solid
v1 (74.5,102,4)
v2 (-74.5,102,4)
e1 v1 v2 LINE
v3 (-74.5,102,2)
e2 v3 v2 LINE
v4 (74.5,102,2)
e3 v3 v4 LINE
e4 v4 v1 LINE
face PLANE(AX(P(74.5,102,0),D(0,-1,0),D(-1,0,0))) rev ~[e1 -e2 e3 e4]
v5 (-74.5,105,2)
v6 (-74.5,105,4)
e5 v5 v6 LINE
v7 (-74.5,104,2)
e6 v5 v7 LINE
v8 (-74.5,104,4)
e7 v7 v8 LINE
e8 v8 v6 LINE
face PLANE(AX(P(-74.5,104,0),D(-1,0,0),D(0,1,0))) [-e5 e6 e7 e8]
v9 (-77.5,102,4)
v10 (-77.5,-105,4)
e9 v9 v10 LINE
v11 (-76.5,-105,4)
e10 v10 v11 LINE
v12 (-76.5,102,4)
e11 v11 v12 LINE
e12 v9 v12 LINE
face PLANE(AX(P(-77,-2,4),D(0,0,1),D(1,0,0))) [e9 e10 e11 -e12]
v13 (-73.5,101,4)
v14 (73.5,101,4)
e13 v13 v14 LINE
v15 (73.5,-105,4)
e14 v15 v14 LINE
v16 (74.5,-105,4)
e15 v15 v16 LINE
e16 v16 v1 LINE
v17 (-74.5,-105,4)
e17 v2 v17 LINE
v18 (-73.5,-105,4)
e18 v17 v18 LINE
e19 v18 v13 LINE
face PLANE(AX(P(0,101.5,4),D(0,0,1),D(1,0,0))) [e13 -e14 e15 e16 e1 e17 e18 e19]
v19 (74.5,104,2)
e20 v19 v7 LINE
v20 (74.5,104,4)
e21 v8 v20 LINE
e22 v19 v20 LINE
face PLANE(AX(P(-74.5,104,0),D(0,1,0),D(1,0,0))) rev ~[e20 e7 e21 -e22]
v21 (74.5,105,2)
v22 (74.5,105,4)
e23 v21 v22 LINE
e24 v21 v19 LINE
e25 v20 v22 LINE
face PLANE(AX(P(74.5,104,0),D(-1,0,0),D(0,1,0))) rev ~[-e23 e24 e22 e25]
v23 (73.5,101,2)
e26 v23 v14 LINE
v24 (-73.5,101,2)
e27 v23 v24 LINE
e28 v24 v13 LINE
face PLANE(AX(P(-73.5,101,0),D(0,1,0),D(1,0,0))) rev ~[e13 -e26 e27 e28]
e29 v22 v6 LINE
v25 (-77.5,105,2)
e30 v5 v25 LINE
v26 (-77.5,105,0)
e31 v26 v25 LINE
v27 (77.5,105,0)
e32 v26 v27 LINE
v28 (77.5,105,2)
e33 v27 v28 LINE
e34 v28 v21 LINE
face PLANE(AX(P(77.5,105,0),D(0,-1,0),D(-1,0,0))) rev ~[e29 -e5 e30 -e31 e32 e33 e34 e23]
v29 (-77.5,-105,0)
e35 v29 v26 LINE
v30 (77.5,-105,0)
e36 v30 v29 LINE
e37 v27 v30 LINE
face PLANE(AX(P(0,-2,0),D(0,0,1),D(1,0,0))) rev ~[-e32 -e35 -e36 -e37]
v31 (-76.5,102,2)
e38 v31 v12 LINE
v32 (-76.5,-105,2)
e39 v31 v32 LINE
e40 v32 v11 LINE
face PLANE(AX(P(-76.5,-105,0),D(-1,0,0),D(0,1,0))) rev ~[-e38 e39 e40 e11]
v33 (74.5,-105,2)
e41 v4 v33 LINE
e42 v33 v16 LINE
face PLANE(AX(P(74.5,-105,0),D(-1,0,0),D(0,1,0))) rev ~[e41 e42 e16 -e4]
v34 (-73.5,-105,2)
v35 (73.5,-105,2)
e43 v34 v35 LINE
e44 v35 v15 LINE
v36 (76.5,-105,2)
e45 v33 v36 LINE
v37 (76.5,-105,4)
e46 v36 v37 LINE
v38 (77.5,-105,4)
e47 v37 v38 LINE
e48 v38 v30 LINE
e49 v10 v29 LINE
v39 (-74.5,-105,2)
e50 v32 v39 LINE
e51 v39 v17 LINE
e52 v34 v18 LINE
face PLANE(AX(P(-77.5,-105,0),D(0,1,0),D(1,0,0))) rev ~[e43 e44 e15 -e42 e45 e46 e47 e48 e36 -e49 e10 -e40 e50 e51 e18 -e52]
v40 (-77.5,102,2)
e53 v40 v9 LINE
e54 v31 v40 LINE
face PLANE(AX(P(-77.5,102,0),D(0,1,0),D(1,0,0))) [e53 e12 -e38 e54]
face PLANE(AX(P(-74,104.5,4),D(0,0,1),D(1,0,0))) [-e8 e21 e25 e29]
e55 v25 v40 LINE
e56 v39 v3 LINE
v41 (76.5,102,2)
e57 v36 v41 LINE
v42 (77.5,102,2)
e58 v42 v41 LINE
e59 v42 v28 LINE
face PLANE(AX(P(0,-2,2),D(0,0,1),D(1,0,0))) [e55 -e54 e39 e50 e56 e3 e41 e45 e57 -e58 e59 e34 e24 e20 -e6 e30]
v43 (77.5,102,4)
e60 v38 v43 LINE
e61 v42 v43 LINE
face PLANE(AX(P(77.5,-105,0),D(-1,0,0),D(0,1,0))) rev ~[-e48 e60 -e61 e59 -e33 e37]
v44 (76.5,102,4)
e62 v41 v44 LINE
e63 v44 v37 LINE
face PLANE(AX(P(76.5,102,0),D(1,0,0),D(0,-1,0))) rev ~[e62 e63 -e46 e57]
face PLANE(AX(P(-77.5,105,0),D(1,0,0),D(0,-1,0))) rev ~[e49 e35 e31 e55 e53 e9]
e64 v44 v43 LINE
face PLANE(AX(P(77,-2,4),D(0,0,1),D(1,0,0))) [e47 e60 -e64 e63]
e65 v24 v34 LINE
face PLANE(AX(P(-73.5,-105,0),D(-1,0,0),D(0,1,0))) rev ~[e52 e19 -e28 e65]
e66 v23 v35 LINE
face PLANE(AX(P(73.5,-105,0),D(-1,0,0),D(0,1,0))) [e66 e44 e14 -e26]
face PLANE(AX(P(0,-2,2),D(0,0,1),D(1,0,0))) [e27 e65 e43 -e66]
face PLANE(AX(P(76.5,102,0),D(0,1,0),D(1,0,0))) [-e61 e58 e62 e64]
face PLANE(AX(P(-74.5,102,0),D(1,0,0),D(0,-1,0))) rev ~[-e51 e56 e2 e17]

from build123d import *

# Parameters (mm, degrees)
F0_W     = 147
F0_H     = 206
F0_W_2   = 2
F0_H_2   = 1
F0_W_3   = 1
F1_DEPTH = 2
F2_DEPTH = 4


with BuildPart() as f1:
    # F0 (on Top) → F1 (new body)
    with BuildSketch(Plane.XY):
        with Locations((0, -2)):
            Rectangle(F0_W, F0_H)
        Polygon((77.5, 102), (77.5, 104), (76.5, 104), (74.5, 104), (73.5, 104), (-73.5, 104), (-74.5, 104), (-76.5, 104), (-77.5, 104), (-77.5, 102), (-76.5, 102), (-74.5, 102), (-73.5, 102), (73.5, 102), (74.5, 102), (76.5, 102), align=None)
        with Locations((75.5, -2)):
            Rectangle(F0_W_2, F0_H)
        with Locations((-75.5, -2)):
            Rectangle(F0_W_2, F0_H)
        with Locations((0, 101.5)):
            Rectangle(F0_W, F0_H_2)
        with Locations((74, -2)):
            Rectangle(F0_W_3, F0_H)
        with Locations((-74, -2)):
            Rectangle(F0_W_3, F0_H)
        with Locations((0, 104.5)):
            Rectangle(F0_W, F0_H_2)
        with Locations((-77, -2)):
            Rectangle(F0_W_3, F0_H)
        with Locations((77, -2)):
            Rectangle(F0_W_3, F0_H)
        with Locations((-74, 101.5)):
            Rectangle(F0_W_3, F0_H_2)
        with Locations((75.5, 101.5)):
            Rectangle(F0_W_2, F0_H_2)
        with Locations((74, 101.5)):
            Rectangle(F0_W_3, F0_H_2)
        with Locations((77, 101.5)):
            Rectangle(F0_W_3, F0_H_2)
        with Locations((-77, 101.5)):
            Rectangle(F0_W_3, F0_H_2)
        with Locations((-74, 104.5)):
            Rectangle(F0_W_3, F0_H_2)
        with Locations((74, 104.5)):
            Rectangle(F0_W_3, F0_H_2)
        with Locations((-75.5, 101.5)):
            Rectangle(F0_W_2, F0_H_2)
        with Locations((-75.5, 104.5)):
            Rectangle(F0_W_2, F0_H_2)
        with Locations((-77, 104.5)):
            Rectangle(F0_W_3, F0_H_2)
        with Locations((77, 104.5)):
            Rectangle(F0_W_3, F0_H_2)
        with Locations((75.5, 104.5)):
            Rectangle(F0_W_2, F0_H_2)
    extrude(amount=F1_DEPTH)

    # F0 (on Top) → F2 (join)
    with BuildSketch(Plane.XY):
        with Locations((77, -2)):
            Rectangle(F0_W_3, F0_H)
        with Locations((77, 101.5)):
            Rectangle(F0_W_3, F0_H_2)
        with Locations((-77, -2)):
            Rectangle(F0_W_3, F0_H)
        with Locations((-77, 101.5)):
            Rectangle(F0_W_3, F0_H_2)
        with Locations((-74, 104.5)):
            Rectangle(F0_W_3, F0_H_2)
        with Locations((74, 104.5)):
            Rectangle(F0_W_3, F0_H_2)
        with Locations((0, 104.5)):
            Rectangle(F0_W, F0_H_2)
        with Locations((0, 101.5)):
            Rectangle(F0_W, F0_H_2)
        with Locations((-74, -2)):
            Rectangle(F0_W_3, F0_H)
        with Locations((74, -2)):
            Rectangle(F0_W_3, F0_H)
        with Locations((-74, 101.5)):
            Rectangle(F0_W_3, F0_H_2)
        with Locations((74, 101.5)):
            Rectangle(F0_W_3, F0_H_2)
    extrude(amount=F2_DEPTH)


solid = f1.part
